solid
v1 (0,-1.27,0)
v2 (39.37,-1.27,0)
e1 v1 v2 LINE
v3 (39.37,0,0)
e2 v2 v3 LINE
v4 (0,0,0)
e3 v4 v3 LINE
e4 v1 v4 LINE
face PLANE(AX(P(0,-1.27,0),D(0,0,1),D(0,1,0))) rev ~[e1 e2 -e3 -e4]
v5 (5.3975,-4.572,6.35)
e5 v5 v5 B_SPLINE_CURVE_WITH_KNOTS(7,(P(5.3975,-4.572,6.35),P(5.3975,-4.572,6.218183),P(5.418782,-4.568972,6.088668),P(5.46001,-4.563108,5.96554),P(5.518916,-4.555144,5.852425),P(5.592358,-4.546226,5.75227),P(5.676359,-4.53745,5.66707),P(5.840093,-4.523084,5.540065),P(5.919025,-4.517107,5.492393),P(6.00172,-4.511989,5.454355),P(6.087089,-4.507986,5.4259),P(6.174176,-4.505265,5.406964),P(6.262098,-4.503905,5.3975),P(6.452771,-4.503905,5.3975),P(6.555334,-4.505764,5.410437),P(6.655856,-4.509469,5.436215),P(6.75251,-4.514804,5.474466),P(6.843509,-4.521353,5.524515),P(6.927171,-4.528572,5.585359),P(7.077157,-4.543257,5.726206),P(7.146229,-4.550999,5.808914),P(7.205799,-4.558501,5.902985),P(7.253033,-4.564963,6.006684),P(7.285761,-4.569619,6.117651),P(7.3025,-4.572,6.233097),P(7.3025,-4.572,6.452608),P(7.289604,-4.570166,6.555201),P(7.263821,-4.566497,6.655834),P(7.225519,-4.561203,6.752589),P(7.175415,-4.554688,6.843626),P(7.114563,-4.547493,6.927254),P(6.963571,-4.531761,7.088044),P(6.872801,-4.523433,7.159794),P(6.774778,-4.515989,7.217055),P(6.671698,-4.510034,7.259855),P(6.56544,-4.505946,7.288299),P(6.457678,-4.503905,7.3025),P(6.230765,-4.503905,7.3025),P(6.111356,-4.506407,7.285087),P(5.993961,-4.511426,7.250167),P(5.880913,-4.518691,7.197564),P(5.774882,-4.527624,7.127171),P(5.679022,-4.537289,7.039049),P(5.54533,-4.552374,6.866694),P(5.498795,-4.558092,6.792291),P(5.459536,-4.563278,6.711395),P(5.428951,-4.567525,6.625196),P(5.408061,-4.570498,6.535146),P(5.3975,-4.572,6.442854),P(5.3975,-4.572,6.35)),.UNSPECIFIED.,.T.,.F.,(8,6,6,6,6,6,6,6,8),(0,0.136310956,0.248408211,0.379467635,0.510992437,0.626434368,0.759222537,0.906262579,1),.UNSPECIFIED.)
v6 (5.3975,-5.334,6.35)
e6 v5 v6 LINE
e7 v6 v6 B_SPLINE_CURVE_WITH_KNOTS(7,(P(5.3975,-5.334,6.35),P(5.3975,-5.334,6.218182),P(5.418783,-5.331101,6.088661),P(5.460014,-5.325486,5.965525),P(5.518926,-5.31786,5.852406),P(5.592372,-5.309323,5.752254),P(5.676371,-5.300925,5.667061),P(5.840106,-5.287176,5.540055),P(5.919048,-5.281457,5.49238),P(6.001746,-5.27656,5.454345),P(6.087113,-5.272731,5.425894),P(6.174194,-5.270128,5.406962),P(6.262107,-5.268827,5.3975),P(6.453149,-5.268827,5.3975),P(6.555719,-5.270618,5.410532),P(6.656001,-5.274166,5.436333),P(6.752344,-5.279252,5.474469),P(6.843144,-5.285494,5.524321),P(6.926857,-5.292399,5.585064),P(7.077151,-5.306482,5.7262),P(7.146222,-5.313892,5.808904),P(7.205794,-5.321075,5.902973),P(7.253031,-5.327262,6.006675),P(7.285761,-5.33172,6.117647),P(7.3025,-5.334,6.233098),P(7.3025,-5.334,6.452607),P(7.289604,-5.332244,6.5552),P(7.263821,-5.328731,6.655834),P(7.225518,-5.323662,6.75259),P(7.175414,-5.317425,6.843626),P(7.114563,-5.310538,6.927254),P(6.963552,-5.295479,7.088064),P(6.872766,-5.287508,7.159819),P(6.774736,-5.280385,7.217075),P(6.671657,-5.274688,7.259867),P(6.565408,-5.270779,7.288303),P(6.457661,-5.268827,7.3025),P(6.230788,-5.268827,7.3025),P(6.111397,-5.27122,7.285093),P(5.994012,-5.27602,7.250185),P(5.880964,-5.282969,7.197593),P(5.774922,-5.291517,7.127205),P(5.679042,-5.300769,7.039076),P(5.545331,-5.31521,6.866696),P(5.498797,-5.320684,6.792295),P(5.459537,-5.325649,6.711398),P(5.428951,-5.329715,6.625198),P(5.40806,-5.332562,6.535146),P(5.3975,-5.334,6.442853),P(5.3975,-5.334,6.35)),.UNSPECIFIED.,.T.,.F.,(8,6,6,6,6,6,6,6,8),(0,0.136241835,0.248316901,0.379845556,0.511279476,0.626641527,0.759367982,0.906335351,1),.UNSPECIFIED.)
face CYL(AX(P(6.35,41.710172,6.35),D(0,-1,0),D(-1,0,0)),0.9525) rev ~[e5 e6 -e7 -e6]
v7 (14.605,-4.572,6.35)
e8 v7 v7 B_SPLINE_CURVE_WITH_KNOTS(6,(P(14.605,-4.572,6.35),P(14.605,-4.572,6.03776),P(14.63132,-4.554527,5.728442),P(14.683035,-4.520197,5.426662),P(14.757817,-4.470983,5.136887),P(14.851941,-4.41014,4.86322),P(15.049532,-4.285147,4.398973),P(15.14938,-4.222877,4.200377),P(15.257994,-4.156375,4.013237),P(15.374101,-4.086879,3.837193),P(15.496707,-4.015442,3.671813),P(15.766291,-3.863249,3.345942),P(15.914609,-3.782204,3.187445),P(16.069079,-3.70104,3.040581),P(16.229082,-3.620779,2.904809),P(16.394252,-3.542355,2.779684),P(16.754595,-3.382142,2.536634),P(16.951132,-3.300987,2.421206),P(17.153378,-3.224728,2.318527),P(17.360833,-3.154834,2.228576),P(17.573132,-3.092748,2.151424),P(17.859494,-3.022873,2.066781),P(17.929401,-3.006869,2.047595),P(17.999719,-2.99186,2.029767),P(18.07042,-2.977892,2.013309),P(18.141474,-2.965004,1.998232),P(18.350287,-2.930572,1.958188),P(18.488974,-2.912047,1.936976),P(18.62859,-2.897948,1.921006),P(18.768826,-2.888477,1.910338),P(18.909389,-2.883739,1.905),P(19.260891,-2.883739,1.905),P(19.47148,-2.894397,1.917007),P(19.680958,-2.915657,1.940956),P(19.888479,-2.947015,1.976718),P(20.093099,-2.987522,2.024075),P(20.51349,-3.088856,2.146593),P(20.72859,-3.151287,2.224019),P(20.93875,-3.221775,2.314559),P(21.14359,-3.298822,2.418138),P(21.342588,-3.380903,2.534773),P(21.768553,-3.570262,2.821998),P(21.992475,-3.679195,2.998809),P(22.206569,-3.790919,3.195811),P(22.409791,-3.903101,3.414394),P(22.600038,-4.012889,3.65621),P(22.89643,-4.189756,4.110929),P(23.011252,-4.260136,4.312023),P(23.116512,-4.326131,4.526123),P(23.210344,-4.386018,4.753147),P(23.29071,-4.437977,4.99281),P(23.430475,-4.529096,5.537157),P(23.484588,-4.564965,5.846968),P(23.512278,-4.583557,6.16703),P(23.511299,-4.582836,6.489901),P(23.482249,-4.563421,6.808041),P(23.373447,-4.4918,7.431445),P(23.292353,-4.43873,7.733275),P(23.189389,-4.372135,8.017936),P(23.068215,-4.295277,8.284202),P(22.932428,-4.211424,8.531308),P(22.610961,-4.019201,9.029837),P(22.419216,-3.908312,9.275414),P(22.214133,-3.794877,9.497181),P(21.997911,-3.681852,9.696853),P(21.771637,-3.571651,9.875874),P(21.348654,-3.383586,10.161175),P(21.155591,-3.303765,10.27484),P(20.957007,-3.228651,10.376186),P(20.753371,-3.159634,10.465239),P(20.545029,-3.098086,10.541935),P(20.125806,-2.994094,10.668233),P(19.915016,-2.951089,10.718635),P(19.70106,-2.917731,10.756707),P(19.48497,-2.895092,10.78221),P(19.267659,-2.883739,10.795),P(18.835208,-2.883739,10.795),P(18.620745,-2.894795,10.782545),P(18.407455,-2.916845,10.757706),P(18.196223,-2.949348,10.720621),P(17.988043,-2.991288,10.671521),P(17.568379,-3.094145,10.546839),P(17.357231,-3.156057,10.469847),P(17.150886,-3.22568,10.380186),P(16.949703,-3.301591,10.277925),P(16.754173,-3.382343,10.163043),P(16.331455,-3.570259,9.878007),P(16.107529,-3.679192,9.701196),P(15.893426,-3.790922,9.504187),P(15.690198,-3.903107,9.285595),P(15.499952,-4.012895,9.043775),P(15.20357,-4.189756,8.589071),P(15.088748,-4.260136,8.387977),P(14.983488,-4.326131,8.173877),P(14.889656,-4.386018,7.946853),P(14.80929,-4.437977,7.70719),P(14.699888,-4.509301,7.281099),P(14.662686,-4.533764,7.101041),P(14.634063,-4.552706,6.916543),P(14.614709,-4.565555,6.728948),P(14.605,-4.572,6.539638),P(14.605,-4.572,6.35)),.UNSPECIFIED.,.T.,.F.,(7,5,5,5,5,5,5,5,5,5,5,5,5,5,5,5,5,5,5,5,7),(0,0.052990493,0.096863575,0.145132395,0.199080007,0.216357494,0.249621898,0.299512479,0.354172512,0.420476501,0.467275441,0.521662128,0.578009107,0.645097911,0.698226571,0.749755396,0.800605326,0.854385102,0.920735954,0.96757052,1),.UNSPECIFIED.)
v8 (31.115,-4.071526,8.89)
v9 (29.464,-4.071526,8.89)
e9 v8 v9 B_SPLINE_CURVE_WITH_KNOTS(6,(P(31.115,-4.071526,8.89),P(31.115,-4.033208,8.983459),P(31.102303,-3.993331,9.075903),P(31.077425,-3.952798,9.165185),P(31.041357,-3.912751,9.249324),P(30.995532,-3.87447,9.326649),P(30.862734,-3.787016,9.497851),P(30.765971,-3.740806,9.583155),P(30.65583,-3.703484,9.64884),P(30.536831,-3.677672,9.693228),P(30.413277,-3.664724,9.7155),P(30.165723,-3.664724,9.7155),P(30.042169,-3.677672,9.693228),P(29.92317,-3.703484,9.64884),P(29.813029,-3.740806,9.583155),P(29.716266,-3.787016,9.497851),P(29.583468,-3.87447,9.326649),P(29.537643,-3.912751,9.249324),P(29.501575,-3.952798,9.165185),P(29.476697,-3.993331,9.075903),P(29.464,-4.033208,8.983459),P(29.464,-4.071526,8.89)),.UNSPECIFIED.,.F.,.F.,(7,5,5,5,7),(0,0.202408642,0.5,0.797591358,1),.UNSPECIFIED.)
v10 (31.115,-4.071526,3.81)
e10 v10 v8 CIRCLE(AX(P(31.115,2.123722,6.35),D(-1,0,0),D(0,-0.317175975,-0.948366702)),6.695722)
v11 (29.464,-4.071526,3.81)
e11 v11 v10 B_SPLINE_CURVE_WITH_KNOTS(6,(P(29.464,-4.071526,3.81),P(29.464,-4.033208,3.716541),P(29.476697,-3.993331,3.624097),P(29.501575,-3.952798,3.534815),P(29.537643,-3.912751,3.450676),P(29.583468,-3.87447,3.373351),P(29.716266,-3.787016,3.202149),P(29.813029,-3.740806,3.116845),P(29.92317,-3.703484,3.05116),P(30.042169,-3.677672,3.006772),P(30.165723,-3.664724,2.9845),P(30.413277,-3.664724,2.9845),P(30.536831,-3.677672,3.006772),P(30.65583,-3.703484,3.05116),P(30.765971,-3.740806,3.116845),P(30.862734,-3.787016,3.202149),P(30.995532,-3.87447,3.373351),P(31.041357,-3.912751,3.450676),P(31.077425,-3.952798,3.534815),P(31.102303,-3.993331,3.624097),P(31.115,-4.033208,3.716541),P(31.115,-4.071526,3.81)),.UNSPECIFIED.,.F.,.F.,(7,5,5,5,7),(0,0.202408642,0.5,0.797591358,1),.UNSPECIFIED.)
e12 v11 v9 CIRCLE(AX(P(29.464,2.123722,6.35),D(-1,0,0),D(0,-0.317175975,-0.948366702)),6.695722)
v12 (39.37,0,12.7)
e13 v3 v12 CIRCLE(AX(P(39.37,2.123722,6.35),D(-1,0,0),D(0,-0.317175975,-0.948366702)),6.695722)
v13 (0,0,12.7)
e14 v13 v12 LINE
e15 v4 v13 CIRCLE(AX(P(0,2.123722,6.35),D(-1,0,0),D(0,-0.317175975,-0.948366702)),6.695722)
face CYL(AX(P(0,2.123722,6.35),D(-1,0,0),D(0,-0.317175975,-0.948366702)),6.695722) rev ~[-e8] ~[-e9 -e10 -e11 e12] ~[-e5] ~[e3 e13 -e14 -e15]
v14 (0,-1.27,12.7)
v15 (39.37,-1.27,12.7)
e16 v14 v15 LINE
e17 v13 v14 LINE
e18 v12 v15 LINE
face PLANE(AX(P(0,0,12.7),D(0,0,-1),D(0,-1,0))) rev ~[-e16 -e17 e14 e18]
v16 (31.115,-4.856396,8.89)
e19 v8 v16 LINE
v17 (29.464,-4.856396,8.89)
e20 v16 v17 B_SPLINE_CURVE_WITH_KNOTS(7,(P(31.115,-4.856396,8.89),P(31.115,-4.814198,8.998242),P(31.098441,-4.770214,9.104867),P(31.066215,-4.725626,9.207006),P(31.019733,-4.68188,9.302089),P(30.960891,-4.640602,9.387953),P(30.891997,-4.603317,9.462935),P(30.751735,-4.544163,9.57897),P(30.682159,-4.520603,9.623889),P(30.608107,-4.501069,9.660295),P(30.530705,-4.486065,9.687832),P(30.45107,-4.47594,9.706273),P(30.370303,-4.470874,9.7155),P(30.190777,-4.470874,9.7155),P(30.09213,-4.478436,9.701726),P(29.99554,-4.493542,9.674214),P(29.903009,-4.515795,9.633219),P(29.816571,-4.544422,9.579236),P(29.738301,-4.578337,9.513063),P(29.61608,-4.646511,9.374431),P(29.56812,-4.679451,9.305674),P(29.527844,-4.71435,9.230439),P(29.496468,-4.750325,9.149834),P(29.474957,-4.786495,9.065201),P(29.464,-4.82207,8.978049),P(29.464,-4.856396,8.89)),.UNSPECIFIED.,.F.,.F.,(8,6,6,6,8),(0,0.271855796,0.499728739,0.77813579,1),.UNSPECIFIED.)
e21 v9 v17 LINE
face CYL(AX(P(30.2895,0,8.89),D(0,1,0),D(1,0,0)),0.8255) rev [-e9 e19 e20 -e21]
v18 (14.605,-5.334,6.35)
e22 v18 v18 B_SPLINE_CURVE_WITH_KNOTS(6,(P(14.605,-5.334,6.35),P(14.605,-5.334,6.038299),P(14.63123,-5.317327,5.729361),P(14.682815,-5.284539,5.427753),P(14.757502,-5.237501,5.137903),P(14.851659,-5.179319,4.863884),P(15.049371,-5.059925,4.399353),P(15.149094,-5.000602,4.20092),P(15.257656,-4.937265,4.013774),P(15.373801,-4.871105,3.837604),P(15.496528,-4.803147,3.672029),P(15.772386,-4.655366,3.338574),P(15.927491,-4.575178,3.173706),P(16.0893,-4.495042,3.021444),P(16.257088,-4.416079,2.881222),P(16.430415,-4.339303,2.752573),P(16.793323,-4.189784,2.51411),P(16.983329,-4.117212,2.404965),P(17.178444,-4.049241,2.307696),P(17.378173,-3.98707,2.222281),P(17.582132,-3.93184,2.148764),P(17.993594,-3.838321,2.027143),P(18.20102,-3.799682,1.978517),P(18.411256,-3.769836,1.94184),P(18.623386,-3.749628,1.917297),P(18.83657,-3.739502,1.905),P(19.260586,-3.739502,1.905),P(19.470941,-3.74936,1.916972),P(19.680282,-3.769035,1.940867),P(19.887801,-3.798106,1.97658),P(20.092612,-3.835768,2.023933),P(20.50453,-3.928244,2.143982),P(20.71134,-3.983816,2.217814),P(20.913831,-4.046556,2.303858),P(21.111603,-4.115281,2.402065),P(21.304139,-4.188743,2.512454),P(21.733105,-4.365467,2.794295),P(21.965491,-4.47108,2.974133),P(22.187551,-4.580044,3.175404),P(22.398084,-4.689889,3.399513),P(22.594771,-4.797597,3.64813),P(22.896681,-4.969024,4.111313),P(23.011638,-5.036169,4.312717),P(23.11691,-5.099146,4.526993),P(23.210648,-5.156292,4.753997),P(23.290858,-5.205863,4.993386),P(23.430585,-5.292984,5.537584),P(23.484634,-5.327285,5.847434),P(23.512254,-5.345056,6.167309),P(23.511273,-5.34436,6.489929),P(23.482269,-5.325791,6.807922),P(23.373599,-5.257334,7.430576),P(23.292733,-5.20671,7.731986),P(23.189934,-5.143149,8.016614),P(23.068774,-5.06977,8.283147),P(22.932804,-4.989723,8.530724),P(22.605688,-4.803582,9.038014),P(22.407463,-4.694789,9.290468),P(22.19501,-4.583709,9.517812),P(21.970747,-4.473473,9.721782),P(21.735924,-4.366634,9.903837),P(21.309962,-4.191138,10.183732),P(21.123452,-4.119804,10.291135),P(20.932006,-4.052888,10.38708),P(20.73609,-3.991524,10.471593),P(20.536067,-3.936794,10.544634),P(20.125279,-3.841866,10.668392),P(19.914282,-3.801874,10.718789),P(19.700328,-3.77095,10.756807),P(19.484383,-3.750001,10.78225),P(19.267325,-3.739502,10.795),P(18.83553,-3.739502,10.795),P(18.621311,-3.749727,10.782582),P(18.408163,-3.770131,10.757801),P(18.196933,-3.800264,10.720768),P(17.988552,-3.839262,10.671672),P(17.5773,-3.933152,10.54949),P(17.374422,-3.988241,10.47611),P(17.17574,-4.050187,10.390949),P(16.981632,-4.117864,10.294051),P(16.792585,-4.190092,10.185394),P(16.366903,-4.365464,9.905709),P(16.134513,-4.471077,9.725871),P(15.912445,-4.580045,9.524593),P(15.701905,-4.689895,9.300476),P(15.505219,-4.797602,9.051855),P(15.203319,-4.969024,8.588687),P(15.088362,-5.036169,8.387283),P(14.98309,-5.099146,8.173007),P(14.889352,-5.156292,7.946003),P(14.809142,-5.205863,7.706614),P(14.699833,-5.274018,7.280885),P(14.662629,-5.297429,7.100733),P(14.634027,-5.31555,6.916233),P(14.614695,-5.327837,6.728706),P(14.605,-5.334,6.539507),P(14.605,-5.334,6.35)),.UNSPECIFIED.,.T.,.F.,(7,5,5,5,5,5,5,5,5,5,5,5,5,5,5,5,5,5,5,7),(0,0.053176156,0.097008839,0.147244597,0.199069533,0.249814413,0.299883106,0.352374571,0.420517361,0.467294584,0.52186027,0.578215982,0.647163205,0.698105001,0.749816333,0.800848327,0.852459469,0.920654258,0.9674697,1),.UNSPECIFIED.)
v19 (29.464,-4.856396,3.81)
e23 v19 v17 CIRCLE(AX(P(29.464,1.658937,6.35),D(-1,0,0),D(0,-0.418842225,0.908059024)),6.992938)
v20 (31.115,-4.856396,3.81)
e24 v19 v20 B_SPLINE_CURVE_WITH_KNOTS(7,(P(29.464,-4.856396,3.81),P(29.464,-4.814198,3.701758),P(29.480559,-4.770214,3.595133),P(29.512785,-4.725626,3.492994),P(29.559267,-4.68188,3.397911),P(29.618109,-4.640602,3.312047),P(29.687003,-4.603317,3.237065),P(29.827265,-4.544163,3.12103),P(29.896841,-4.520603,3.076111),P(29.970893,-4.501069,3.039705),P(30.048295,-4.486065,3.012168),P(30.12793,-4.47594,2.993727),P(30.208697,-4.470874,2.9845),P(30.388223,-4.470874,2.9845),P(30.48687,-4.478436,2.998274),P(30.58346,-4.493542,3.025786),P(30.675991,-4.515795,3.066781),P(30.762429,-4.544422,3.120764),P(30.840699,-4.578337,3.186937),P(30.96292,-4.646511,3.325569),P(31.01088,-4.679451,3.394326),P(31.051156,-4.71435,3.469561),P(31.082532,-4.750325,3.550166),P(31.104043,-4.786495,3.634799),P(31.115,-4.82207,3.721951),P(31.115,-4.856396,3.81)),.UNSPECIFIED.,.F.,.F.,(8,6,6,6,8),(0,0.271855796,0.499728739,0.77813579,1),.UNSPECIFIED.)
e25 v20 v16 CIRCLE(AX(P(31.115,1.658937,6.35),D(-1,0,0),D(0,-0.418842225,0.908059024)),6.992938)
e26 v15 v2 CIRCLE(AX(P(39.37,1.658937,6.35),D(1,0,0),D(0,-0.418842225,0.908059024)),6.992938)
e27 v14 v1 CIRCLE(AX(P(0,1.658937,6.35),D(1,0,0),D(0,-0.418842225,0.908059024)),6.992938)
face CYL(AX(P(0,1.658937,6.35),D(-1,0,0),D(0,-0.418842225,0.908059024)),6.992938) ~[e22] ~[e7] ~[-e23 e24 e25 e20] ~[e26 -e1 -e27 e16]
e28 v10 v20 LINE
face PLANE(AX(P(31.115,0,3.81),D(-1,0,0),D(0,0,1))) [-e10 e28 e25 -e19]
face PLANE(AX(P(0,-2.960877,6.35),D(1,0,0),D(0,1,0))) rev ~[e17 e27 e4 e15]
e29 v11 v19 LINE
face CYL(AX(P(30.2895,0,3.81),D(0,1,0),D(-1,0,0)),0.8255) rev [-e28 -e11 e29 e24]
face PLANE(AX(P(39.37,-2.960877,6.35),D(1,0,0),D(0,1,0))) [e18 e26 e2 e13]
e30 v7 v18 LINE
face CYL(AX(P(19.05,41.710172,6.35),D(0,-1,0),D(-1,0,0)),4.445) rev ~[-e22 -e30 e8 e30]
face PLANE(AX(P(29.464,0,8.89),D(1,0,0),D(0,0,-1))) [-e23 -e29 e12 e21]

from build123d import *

# Parameters (mm, degrees)
F1_DEPTH = 39.37
F3_D     = 8.89
F5_D     = 1.905
F7_DEPTH = 16.002


with BuildPart() as f1:
    # F0 (on Right) → F1 (new body)
    with BuildSketch(Plane.YZ):
        with BuildLine():
            Line((-1.27, 0), (0, 0))
            ThreePointArc((0, 0), (-4.572, 6.35), (0, 12.7))
            Line((0, 12.7), (-1.27, 12.7))
            ThreePointArc((-1.27, 12.7), (-5.334, 6.35), (-1.27, 0))
        make_face()
    extrude(amount=F1_DEPTH)

    # F3 (through all)
    with Locations(Plane(origin=(0, 0, 0), x_dir=(1, 0, 0), z_dir=(0, 1, 0))):
        with Locations((19.05, -6.35)):
            Hole(F3_D / 2)

    # F5 (through all)
    with Locations(Plane(origin=(0, 0, 0), x_dir=(1, 0, 0), z_dir=(0, 1, 0))):
        with Locations((6.35, -6.35)):
            Hole(F5_D / 2)

    # F6 (on Front) → F7 (cut)
    with BuildSketch(Plane.XZ):
        with BuildLine():
            Line((29.464, 8.89), (29.464, 6.35))
            Line((29.464, 6.35), (29.464, 3.81))
            ThreePointArc((29.464, 3.81), (30.2895, 2.9845), (31.115, 3.81))
            Line((31.115, 3.81), (31.115, 6.35))
            Line((31.115, 6.35), (31.115, 8.89))
            ThreePointArc((31.115, 8.89), (30.2895, 9.7155), (29.464, 8.89))
        make_face()
    extrude(amount=F7_DEPTH, mode=Mode.SUBTRACT)


solid = f1.part
